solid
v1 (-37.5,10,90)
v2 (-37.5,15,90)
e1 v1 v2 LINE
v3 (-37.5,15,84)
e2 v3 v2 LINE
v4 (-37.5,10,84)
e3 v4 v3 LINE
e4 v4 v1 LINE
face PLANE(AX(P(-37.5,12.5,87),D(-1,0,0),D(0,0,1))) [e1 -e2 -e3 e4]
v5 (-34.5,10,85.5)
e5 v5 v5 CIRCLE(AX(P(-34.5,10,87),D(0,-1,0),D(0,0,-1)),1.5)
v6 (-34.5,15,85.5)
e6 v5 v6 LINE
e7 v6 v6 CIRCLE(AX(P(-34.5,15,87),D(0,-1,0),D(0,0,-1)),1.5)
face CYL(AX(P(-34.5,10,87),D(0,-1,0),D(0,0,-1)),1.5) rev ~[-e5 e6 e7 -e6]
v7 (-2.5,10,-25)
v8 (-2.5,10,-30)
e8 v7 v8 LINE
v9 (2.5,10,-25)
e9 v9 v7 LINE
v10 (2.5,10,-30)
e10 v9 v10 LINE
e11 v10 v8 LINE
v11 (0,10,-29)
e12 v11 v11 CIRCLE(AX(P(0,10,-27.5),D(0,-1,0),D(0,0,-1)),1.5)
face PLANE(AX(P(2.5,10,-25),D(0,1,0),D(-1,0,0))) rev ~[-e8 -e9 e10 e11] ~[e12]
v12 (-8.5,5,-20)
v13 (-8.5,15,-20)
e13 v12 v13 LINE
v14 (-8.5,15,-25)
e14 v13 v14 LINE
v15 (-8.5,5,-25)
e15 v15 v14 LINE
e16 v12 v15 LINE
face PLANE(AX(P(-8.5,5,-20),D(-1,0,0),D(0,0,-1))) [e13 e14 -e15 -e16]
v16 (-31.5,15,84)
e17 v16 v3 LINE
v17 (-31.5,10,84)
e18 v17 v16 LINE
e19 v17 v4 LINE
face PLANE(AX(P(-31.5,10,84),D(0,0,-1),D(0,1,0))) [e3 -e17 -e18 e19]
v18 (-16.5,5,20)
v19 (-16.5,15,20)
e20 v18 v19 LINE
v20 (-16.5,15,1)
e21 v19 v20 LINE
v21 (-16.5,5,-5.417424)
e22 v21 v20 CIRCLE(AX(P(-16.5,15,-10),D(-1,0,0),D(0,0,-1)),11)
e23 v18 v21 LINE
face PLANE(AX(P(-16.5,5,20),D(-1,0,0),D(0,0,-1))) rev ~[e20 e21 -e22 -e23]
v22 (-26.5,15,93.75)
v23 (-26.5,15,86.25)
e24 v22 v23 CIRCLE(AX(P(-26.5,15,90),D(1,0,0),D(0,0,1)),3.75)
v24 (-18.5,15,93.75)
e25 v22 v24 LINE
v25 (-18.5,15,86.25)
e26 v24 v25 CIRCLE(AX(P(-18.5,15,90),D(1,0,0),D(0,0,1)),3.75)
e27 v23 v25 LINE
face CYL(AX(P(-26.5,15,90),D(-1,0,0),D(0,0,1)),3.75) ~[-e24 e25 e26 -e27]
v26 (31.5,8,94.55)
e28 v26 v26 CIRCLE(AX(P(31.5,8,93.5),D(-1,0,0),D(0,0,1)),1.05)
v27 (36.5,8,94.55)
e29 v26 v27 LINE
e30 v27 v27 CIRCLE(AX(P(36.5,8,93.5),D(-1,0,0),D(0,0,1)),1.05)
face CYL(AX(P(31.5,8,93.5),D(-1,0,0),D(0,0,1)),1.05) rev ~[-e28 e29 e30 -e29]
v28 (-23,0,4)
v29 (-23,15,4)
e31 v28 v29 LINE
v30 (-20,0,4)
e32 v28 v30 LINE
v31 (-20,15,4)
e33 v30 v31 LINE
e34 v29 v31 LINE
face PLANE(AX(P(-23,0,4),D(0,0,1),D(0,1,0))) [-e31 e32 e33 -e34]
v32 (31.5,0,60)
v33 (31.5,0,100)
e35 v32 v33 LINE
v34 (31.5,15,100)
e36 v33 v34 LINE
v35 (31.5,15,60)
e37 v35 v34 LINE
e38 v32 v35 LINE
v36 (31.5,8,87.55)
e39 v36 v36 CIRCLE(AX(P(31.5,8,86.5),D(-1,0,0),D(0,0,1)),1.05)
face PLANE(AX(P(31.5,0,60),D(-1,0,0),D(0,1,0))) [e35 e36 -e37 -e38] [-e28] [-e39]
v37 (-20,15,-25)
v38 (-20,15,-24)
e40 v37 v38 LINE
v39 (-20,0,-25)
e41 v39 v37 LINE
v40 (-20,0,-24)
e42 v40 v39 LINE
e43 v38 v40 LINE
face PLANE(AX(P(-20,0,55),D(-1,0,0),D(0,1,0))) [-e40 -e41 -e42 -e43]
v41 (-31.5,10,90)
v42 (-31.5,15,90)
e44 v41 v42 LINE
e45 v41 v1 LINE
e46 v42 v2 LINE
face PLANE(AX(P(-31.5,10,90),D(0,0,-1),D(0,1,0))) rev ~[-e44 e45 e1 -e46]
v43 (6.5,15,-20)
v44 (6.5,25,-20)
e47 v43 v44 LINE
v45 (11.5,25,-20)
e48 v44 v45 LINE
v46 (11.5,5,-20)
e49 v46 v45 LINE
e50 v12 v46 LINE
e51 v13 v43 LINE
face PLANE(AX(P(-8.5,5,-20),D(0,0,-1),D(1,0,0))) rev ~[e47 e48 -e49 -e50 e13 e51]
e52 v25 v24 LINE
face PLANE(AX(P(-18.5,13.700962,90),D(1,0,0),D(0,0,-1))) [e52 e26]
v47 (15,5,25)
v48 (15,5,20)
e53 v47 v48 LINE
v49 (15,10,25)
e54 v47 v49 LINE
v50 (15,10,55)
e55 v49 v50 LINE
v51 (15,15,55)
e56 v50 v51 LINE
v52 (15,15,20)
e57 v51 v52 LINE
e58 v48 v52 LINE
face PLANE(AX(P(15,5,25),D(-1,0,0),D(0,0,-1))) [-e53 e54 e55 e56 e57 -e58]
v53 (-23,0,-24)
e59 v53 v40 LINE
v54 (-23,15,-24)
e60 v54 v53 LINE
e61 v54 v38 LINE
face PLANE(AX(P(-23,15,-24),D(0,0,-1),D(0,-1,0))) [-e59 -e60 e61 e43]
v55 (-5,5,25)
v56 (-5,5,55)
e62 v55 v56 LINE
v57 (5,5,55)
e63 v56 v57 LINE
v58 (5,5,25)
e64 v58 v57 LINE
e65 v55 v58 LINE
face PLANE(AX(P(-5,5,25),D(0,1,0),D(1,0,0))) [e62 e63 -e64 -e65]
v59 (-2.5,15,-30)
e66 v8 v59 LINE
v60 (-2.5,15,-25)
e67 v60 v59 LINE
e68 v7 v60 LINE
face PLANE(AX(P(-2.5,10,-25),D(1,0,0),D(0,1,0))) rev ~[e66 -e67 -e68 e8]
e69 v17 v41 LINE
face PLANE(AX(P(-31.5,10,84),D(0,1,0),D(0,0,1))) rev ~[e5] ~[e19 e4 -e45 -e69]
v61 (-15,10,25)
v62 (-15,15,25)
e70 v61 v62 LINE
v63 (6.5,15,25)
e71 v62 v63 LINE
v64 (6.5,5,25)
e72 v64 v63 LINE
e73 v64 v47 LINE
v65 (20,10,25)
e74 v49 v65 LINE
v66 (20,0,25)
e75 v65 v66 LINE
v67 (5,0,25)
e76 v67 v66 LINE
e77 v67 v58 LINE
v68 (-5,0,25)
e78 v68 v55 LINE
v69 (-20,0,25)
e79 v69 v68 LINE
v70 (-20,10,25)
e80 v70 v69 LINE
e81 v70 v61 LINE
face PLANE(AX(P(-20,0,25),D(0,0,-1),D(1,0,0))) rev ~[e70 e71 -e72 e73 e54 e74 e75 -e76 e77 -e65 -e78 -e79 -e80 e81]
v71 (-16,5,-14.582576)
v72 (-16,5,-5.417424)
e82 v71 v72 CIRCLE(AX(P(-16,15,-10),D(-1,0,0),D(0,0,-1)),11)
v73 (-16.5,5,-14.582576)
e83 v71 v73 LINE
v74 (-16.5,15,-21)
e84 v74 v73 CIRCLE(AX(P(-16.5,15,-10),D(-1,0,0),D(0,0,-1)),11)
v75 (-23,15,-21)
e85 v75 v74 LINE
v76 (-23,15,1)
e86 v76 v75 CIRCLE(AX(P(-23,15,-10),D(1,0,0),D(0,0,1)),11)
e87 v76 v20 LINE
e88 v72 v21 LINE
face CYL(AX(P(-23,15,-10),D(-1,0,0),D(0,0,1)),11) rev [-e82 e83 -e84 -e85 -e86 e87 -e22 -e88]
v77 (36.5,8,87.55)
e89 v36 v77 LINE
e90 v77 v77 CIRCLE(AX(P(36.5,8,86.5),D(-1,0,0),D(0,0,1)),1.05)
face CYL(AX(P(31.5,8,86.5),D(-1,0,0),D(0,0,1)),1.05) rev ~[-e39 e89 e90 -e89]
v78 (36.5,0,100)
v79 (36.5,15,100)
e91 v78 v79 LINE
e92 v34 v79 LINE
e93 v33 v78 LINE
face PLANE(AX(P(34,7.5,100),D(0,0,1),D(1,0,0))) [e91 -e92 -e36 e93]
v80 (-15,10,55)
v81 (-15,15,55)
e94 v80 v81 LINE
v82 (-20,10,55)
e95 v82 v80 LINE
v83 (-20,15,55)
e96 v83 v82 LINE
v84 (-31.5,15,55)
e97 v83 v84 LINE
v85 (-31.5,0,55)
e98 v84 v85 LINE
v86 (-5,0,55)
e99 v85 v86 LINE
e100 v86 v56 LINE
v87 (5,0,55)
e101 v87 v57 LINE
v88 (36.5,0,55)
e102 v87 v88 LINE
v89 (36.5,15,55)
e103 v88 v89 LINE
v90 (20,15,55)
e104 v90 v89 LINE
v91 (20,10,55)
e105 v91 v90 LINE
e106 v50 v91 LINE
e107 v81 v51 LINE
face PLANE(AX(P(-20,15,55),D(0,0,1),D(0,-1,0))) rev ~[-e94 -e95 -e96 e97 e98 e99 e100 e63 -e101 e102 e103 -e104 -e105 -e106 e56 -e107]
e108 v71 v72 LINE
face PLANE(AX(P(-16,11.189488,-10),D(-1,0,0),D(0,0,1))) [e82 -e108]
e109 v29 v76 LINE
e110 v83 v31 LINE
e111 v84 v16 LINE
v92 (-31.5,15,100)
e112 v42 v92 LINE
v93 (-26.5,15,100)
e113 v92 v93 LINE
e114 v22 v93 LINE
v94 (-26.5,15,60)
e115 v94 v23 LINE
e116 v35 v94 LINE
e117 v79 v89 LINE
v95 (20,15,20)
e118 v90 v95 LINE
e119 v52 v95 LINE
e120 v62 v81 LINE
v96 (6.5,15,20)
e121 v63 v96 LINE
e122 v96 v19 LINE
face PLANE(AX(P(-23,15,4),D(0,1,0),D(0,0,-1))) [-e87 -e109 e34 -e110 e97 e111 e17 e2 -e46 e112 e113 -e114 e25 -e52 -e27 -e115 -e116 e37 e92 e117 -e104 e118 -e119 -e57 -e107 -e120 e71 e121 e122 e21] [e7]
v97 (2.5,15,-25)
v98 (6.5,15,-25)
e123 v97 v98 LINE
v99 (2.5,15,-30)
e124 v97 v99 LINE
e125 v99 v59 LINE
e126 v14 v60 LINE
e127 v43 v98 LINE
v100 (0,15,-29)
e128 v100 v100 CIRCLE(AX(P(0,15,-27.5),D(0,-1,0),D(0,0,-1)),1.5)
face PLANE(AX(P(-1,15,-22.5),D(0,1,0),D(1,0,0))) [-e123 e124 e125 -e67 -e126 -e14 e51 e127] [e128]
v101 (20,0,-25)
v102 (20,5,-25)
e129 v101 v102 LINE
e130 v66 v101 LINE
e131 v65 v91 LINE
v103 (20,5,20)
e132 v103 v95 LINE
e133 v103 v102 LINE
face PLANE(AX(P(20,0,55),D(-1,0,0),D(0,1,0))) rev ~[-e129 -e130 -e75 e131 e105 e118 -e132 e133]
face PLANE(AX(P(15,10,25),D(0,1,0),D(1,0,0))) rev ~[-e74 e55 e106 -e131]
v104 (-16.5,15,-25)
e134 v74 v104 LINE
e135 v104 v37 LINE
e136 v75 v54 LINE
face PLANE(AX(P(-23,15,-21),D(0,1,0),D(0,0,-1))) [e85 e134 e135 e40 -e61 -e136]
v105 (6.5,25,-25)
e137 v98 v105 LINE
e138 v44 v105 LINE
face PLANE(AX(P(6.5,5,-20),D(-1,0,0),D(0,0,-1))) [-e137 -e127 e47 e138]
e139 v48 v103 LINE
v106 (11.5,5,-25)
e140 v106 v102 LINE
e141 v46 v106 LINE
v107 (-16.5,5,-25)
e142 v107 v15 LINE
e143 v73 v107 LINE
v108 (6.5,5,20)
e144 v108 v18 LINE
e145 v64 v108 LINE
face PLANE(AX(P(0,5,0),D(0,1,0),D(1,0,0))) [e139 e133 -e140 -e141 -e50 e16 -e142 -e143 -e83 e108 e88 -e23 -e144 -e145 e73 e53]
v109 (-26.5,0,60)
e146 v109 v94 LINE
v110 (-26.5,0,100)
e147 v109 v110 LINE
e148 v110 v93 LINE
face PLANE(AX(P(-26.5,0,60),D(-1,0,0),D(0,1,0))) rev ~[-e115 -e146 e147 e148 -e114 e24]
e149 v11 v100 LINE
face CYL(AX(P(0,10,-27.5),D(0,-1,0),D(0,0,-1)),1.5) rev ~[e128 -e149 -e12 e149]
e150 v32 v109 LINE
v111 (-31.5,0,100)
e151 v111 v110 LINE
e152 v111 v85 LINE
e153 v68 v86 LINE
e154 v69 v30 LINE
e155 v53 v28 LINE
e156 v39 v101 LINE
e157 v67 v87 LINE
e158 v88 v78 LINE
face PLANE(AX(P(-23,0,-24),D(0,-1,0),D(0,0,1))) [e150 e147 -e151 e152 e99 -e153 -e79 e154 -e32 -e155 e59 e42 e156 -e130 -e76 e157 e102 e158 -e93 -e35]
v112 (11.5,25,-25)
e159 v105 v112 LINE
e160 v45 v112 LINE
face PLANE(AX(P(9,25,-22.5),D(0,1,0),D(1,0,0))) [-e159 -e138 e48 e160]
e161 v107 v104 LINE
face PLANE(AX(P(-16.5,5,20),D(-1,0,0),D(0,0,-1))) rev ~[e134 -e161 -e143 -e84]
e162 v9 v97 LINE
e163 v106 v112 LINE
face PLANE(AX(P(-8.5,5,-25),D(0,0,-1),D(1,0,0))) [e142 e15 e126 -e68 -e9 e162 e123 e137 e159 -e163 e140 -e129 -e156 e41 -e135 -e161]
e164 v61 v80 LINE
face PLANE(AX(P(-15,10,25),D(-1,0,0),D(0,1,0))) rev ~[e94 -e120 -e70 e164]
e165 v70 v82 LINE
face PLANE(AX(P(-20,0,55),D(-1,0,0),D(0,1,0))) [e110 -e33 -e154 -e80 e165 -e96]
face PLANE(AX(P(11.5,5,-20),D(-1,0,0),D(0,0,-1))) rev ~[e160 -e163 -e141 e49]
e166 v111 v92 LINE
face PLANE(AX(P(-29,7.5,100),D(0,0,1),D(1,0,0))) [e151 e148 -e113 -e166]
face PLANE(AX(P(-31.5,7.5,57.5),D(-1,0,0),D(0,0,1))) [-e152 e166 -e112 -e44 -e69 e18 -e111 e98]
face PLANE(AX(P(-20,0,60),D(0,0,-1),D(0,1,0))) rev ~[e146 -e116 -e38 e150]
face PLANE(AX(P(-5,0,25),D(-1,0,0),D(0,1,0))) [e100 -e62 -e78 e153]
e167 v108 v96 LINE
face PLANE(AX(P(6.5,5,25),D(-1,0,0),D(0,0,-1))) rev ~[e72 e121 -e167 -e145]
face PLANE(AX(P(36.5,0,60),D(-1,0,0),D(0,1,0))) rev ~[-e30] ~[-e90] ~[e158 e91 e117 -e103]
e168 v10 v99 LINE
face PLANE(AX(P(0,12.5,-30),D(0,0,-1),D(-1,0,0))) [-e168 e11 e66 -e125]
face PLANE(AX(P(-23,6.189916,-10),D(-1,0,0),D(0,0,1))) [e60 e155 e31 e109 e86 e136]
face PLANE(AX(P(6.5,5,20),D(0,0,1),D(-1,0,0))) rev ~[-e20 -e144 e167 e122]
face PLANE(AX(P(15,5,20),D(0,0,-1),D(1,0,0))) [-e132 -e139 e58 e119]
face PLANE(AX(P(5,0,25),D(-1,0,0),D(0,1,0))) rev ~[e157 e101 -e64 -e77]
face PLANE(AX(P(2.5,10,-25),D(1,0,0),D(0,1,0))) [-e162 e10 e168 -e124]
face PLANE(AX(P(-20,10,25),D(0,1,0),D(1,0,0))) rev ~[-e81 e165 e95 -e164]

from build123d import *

# Parameters (mm, degrees)
SKETCH1_W            = 40
SKETCH1_H            = 50
BOSS_EXTRUDE1_DEPTH  = 5
SKETCH3_W            = 5
SKETCH3_H            = 5
BOSS_EXTRUDE5_DEPTH  = 20
SKETCH3_3_W          = 15
SKETCH3_3_H          = 5
SKETCH3_3_W_2        = 5
BOSS_EXTRUDE6_DEPTH  = 10
CUT_EXTRUDE3_DEPTH   = 4
SKETCH11_W           = 5
SKETCH11_H           = 5
BOSS_EXTRUDE10_DEPTH = 5
SKETCH12_R           = 1.5
CUT_EXTRUDE4_DEPTH   = 5
SKETCH14_W           = 10
SKETCH14_H           = 5
SKETCH14_W_2         = 5
BOSS_EXTRUDE12_DEPTH = 30
SKETCH15_W           = 40
SKETCH15_H           = 15
BOSS_EXTRUDE13_DEPTH = 5
BOSS_EXTRUDE15_DEPTH = 16.5
BOSS_EXTRUDE17_DEPTH = 11.5
SKETCH18_W           = 5
SKETCH18_H           = 15
BOSS_EXTRUDE18_DEPTH = 40
BOSS_EXTRUDE19_DEPTH = 8
SKETCH20_W           = 6
SKETCH20_H           = 5
BOSS_EXTRUDE20_DEPTH = 6
SKETCH21_R           = 1.5
CUT_EXTRUDE5_DEPTH   = 5
SKETCH24_R           = 1.05
CUT_EXTRUDE7_DEPTH   = 5
BOSS_EXTRUDE21_START = 3
BOSS_EXTRUDE21_DEPTH = 3


with BuildPart() as part:
    # Sketch1 → Boss-Extrude1 (new body)
    with BuildSketch(Plane(origin=(0, 0, 0), x_dir=(1, 0, 0), z_dir=(0, 1, 0))):
        Rectangle(SKETCH1_W, SKETCH1_H)
    extrude(amount=BOSS_EXTRUDE1_DEPTH)

    # Sketch3 → Boss-Extrude5 (add)
    with BuildSketch(Plane(origin=(0, 5, 0), x_dir=(1, 0, 0), z_dir=(0, 1, 0))):
        with Locations((9, 22.5)):
            Rectangle(SKETCH3_W, SKETCH3_H)
    extrude(amount=BOSS_EXTRUDE5_DEPTH)

    # Sketch3<3> → Boss-Extrude6 (add)
    with BuildSketch(Plane(origin=(0, 5, 0), x_dir=(1, 0, 0), z_dir=(0, 1, 0))):
        with Locations((-1, 22.5)):
            Rectangle(SKETCH3_3_W, SKETCH3_3_H)
        with Locations((17.5, -22.5)):
            Rectangle(SKETCH3_3_W_2, SKETCH3_3_H)
        Polygon((-16.5, -20), (-16.5, 25), (-20, 25), (-20, -25), (6.5, -25), (6.5, -20), align=None)
    extrude(amount=BOSS_EXTRUDE6_DEPTH)

    # Sketch8 → Cut-Extrude3 (cut)
    with BuildSketch(Plane.ZY.offset(20)):
        with BuildLine():
            Line((1, 15), (-21, 15))
            ThreePointArc((-21, 15), (-10, 4), (1, 15))
        make_face()
    extrude(amount=-CUT_EXTRUDE3_DEPTH, mode=Mode.SUBTRACT)

    # Sketch11 → Boss-Extrude10 (add)
    with BuildSketch(Plane(origin=(0, 0, -25), x_dir=(-1, 0, 0), z_dir=(0, 0, -1))):
        with Locations((0, 12.5)):
            Rectangle(SKETCH11_W, SKETCH11_H)
    extrude(amount=BOSS_EXTRUDE10_DEPTH)

    # Sketch12 → Cut-Extrude4 (cut)
    with BuildSketch(Plane.XZ.offset(-10)):
        with Locations((0, -27.5)):
            Circle(SKETCH12_R)
    extrude(amount=-CUT_EXTRUDE4_DEPTH, mode=Mode.SUBTRACT)

    # Sketch14 → Boss-Extrude12 (add)
    with BuildSketch(Plane.XY.offset(25)):
        with Locations((0, 2.5)):
            Rectangle(SKETCH14_W, SKETCH14_H)
        with Locations((-17.5, 12.5)):
            Rectangle(SKETCH14_W_2, SKETCH14_H)
        with Locations((17.5, 12.5)):
            Rectangle(SKETCH14_W_2, SKETCH14_H)
    extrude(amount=BOSS_EXTRUDE12_DEPTH)

    # Sketch15 → Boss-Extrude13 (add)
    with BuildSketch(Plane.XY.offset(55)):
        with Locations((0, 7.5)):
            Rectangle(SKETCH15_W, SKETCH15_H)
    extrude(amount=BOSS_EXTRUDE13_DEPTH)

    # Sketch16 → Boss-Extrude15 (add)
    with BuildSketch(Plane(origin=(20, 0, 0), x_dir=(0, 0, -1), z_dir=(1, 0, 0))):
        Polygon((-60, 0), (-55, 0), (-55, 10), (-55, 15), (-60, 15), align=None)
    extrude(amount=BOSS_EXTRUDE15_DEPTH)

    # Sketch17 → Boss-Extrude17 (add)
    with BuildSketch(Plane.ZY.offset(20)):
        Polygon((55, 0), (60, 0), (60, 15), (55, 15), (55, 10), align=None)
    extrude(amount=BOSS_EXTRUDE17_DEPTH)

    # Sketch18 → Boss-Extrude18 (add)
    with BuildSketch(Plane.XY.offset(60)):
        with Locations((34, 7.5)):
            Rectangle(SKETCH18_W, SKETCH18_H)
        with Locations((-29, 7.5)):
            Rectangle(SKETCH18_W, SKETCH18_H)
    extrude(amount=BOSS_EXTRUDE18_DEPTH)

    # Sketch19 → Boss-Extrude19 (add)
    with BuildSketch(Plane(origin=(-26.5, 0, 0), x_dir=(0, 0, -1), z_dir=(1, 0, 0))):
        with BuildLine():
            Line((-86.25, 15), (-93.75, 15))
            ThreePointArc((-93.75, 15), (-90, 11.25), (-86.25, 15))
        make_face()
    extrude(amount=BOSS_EXTRUDE19_DEPTH)

    # Sketch20 → Boss-Extrude20 (add)
    with BuildSketch(Plane.ZY.offset(31.5)):
        with Locations((87, 12.5)):
            Rectangle(SKETCH20_W, SKETCH20_H)
    extrude(amount=BOSS_EXTRUDE20_DEPTH)

    # Sketch21 → Cut-Extrude5 (cut)
    with BuildSketch(Plane.XZ.offset(-10)):
        with Locations((-34.5, 87)):
            Circle(SKETCH21_R)
    extrude(amount=-CUT_EXTRUDE5_DEPTH, mode=Mode.SUBTRACT)

    # Sketch24 → Cut-Extrude7 (cut)
    with BuildSketch(Plane.ZY.offset(-31.5)):
        with Locations((93.5, 8)):
            Circle(SKETCH24_R)
        with Locations((86.5, 8)):
            Circle(SKETCH24_R)
    extrude(amount=-CUT_EXTRUDE7_DEPTH, mode=Mode.SUBTRACT)

    # Sketch25 → Boss-Extrude21 (add)
    with BuildSketch(Plane.ZY.offset(20).offset(BOSS_EXTRUDE21_START)):
        with BuildLine():
            Line((-21, 15), (-24, 15))
            Line((-24, 15), (-24, 0))
            Line((-24, 0), (4, 0))
            Line((4, 0), (4, 15))
            Line((4, 15), (1, 15))
            ThreePointArc((1, 15), (-10, 4), (-21, 15))
        make_face()
    extrude(amount=-BOSS_EXTRUDE21_DEPTH)


solid = part.part
